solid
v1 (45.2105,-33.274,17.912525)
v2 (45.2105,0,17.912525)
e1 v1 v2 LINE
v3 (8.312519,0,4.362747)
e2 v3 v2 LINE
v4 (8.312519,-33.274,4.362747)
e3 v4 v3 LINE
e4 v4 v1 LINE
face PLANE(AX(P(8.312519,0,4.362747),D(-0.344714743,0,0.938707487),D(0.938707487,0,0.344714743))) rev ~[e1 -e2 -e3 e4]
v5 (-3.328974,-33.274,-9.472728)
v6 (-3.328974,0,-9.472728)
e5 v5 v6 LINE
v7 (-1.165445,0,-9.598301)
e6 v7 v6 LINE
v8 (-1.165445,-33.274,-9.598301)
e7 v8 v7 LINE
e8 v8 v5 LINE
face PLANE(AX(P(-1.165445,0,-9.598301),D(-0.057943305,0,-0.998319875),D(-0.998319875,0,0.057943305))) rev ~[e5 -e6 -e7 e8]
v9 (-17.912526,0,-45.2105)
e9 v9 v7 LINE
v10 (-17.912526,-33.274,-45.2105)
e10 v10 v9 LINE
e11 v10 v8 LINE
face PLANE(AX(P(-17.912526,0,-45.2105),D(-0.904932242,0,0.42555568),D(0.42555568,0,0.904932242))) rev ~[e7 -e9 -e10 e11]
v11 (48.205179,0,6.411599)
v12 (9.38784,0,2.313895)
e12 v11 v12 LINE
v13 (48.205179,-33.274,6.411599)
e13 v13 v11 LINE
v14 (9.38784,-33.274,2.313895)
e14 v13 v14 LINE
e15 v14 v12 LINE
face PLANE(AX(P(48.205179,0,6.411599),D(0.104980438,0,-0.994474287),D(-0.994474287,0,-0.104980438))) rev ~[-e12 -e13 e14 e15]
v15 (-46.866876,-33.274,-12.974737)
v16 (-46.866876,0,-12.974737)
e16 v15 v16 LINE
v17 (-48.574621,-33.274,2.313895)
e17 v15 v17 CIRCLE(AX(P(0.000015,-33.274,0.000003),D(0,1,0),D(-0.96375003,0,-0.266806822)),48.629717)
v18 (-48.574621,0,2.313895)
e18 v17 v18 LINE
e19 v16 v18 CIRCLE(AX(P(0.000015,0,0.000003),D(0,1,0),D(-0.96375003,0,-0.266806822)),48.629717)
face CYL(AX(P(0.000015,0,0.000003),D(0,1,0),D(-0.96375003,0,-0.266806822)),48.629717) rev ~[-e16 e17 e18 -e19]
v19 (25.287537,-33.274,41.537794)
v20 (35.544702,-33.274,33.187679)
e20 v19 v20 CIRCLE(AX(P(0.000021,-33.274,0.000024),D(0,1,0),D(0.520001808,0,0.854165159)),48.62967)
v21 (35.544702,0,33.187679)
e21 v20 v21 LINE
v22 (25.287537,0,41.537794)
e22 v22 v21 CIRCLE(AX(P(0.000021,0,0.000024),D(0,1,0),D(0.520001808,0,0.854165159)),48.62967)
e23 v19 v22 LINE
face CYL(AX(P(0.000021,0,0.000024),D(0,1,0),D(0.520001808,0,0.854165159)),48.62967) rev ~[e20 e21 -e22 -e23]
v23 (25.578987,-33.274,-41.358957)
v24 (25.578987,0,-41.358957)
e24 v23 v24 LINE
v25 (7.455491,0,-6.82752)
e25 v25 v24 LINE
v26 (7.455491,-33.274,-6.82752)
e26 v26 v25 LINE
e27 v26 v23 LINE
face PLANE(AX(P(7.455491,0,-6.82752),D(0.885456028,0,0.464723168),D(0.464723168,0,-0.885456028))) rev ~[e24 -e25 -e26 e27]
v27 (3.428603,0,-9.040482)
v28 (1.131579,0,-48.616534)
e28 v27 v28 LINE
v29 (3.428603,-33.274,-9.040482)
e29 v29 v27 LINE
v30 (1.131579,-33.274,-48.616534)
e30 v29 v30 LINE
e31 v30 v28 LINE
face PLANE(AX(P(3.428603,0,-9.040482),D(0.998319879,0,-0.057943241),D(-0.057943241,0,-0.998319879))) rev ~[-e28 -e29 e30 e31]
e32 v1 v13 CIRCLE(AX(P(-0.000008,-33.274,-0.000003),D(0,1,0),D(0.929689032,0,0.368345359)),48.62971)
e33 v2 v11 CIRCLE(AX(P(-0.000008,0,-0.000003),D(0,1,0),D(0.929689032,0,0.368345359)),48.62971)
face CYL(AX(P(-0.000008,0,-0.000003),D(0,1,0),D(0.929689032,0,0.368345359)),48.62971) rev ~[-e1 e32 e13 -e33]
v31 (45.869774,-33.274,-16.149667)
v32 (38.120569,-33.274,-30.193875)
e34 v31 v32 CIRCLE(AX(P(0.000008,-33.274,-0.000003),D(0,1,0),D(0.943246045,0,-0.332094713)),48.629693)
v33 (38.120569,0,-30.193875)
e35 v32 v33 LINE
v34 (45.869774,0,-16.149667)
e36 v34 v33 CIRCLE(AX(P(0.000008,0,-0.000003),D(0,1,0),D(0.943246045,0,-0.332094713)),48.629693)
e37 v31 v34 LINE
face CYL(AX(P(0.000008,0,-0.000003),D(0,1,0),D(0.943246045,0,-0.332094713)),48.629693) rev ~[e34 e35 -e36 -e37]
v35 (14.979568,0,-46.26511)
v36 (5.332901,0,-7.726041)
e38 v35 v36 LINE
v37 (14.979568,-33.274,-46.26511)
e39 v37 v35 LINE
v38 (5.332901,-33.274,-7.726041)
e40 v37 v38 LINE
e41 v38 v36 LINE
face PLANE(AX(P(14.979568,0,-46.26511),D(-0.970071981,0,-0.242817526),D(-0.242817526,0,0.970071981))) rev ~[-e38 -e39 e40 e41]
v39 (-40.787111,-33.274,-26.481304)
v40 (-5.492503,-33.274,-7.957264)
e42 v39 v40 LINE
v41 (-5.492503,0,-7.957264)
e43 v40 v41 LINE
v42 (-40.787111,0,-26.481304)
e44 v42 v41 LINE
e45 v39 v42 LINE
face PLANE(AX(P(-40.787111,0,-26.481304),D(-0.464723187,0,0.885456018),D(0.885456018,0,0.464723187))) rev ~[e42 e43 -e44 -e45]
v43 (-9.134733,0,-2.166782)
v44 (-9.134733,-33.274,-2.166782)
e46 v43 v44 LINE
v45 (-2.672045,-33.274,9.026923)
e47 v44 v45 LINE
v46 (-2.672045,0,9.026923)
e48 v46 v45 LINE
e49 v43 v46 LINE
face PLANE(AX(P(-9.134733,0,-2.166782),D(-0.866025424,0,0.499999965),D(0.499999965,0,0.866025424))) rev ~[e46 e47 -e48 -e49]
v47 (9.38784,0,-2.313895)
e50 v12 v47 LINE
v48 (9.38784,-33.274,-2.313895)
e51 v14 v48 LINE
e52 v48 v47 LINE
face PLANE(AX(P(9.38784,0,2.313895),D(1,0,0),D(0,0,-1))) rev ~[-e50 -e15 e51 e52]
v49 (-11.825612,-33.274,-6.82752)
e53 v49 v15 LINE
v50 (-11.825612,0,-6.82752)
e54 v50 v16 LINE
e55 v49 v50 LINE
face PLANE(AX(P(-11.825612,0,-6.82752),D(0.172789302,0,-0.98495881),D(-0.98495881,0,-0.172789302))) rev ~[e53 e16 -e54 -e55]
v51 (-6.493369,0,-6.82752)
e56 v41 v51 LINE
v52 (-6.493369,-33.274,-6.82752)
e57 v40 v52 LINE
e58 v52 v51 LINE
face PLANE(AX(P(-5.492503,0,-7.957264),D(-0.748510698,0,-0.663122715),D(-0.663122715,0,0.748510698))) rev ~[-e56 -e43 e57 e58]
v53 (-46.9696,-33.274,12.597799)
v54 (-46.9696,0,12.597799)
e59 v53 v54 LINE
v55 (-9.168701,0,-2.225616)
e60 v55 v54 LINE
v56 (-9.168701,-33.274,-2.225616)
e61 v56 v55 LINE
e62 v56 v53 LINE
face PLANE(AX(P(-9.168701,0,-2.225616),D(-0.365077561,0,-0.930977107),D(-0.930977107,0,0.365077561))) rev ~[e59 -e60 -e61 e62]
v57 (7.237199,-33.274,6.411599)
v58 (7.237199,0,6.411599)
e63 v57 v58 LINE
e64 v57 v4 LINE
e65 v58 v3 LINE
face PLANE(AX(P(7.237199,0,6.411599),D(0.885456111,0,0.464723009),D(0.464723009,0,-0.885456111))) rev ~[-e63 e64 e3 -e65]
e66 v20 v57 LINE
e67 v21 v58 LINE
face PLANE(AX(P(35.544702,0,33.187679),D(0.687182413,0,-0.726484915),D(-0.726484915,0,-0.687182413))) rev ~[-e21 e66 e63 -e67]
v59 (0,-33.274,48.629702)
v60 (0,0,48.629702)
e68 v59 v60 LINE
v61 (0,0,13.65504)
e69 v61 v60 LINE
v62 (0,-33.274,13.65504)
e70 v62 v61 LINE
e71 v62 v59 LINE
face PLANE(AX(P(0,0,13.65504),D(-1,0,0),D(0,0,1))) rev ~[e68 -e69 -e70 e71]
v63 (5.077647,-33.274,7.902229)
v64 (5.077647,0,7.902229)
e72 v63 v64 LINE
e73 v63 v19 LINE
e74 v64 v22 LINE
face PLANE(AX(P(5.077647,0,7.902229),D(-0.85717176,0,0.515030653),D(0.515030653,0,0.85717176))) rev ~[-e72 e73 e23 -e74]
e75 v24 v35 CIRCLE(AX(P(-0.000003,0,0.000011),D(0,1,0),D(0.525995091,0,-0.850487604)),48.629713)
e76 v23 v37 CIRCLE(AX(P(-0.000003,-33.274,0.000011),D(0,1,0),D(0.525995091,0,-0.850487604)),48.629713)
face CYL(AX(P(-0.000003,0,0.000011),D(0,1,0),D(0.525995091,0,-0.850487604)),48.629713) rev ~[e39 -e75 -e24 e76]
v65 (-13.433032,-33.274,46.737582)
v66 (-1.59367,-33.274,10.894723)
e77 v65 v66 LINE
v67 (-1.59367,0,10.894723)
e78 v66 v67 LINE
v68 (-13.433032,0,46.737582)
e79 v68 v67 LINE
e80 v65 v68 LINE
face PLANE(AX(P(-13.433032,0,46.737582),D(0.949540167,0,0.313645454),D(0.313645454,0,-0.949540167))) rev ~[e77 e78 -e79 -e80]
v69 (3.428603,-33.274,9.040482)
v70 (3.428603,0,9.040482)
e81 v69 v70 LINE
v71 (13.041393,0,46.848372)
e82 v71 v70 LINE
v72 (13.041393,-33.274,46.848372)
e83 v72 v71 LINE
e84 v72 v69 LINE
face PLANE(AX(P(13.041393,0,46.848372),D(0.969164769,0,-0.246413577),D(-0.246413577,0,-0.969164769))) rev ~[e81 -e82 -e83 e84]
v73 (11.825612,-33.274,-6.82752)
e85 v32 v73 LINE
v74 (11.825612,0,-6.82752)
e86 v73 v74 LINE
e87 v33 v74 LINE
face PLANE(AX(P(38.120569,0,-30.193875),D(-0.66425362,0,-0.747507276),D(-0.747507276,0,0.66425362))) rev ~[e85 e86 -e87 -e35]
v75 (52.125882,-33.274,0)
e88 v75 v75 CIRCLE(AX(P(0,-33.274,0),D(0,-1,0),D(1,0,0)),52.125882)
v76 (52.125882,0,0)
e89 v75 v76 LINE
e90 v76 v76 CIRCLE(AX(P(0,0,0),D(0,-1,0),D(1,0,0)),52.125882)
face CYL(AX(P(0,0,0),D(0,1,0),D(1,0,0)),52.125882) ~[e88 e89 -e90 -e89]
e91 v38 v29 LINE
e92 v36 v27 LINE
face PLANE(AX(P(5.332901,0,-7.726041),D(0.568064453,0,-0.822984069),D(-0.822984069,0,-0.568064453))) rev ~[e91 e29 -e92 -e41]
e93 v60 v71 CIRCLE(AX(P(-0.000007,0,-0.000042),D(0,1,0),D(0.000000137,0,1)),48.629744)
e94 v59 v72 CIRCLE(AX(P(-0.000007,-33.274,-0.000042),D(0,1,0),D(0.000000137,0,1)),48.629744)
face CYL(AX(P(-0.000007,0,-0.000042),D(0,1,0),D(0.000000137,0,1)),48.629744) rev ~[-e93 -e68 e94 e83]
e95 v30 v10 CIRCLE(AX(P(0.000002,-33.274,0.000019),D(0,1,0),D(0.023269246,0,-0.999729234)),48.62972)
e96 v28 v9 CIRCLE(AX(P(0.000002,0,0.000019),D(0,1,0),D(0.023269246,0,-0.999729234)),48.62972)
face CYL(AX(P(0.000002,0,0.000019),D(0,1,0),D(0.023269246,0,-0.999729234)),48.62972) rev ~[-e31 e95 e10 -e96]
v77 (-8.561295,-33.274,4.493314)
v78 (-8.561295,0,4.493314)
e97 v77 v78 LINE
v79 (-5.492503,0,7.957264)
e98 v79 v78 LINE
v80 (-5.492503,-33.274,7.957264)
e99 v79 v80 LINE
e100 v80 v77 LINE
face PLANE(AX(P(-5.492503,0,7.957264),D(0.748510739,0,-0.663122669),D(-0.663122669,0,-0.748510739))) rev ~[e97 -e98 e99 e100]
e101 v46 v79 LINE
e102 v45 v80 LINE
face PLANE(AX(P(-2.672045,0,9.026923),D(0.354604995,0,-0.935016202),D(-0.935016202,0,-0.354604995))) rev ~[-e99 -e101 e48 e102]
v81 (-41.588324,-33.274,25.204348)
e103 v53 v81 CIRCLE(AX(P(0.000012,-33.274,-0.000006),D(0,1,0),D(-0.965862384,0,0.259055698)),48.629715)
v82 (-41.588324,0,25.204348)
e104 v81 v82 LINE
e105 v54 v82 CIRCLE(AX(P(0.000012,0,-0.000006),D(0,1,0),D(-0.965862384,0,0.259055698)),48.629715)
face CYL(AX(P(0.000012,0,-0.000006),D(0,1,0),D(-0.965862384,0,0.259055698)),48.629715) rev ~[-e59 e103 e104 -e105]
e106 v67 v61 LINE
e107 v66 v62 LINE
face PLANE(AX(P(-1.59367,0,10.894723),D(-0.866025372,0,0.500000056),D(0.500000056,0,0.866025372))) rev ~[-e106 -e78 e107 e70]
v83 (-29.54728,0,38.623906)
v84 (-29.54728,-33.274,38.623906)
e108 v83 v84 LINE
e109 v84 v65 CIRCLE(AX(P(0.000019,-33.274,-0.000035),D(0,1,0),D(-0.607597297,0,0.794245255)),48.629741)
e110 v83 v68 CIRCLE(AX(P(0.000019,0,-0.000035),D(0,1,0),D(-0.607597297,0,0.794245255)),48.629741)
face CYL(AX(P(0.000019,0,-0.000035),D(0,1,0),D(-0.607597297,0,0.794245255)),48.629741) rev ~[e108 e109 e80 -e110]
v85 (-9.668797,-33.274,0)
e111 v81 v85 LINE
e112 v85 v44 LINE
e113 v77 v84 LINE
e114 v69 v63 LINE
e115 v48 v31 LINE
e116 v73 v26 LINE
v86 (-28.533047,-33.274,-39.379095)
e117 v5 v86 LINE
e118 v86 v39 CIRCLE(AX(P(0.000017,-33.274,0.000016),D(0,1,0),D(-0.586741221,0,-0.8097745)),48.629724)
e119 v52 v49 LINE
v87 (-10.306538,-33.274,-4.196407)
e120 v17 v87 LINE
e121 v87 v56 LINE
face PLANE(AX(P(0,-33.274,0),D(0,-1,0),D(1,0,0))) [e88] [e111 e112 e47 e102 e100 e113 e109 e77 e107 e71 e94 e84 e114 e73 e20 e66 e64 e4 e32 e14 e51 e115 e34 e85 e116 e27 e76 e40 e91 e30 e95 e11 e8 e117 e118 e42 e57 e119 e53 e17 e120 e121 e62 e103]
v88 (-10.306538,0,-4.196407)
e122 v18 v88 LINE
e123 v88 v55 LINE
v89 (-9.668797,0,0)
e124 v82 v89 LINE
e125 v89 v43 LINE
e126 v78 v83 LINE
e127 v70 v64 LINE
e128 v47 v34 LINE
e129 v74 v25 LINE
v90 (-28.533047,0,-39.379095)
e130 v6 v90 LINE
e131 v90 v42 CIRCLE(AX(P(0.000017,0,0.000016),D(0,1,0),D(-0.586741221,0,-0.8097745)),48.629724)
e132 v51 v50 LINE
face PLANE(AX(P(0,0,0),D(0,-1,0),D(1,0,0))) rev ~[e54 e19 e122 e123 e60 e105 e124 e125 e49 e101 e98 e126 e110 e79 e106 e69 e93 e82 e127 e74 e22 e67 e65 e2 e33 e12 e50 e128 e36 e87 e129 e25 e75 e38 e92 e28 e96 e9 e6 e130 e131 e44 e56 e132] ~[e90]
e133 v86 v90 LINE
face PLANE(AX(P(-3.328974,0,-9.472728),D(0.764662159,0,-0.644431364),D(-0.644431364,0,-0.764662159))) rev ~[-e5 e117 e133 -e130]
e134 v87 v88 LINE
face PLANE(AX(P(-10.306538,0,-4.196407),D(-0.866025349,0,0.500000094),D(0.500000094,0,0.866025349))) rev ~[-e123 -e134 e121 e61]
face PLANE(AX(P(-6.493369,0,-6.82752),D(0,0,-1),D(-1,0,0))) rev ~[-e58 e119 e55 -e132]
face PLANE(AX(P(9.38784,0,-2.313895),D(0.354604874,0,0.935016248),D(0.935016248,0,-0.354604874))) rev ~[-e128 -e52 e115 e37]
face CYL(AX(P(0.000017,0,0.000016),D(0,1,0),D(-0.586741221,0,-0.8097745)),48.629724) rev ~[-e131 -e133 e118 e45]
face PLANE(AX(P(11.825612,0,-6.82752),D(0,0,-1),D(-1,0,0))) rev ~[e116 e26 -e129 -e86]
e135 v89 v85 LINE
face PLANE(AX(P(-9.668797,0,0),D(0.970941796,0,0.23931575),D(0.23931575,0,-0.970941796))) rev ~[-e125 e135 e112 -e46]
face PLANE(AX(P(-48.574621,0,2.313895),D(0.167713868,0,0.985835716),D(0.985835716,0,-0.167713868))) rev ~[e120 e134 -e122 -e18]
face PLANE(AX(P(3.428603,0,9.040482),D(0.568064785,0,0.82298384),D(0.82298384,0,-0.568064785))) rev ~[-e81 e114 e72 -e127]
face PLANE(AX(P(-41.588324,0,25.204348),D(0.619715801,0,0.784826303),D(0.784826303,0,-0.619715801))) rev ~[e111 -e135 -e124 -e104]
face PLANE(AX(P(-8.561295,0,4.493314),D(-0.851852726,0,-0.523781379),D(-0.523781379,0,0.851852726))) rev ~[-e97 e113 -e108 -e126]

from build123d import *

# Parameters (mm, degrees)
F0_R     = 52.125882
F1_DEPTH = 25.4
F2_DEPTH = 33.274


with BuildPart() as f1:
    # F0 (on Front) → F1 (new body)
    with BuildSketch(Plane.XZ):
        Circle(F0_R)
        with BuildLine():
            ThreePointArc((-29.54728, 38.623906), (-21.869722, 43.434584), (-13.433032, 46.737582))
            Line((-13.433032, 46.737582), (-1.59367, 10.894723))
            Line((-1.59367, 10.894723), (0, 13.65504))
            Line((0, 13.65504), (0, 48.629702))
            ThreePointArc((0, 48.629702), (6.581244, 48.182311), (13.041393, 46.848372))
            Line((13.041393, 46.848372), (3.428603, 9.040482))
            Line((3.428603, 9.040482), (5.077647, 7.902229))
            Line((5.077647, 7.902229), (25.287537, 41.537794))
            ThreePointArc((25.287537, 41.537794), (30.701326, 37.713081), (35.544702, 33.187679))
            Line((35.544702, 33.187679), (7.237199, 6.411599))
            Line((7.237199, 6.411599), (8.312519, 4.362747))
            Line((8.312519, 4.362747), (45.2105, 17.912525))
            ThreePointArc((45.2105, 17.912525), (47.060494, 12.253888), (48.205179, 6.411599))
            Line((48.205179, 6.411599), (9.38784, 2.313895))
            Line((9.38784, 2.313895), (9.38784, -2.313895))
            Line((9.38784, -2.313895), (45.869774, -16.149667))
            ThreePointArc((45.869774, -16.149667), (42.578215, -23.493478), (38.120569, -30.193875))
            Line((38.120569, -30.193875), (11.825612, -6.82752))
            Line((11.825612, -6.82752), (7.455491, -6.82752))
            Line((7.455491, -6.82752), (25.578987, -41.358957))
            ThreePointArc((25.578987, -41.358957), (20.427107, -44.131408), (14.979568, -46.26511))
            Line((14.979568, -46.26511), (5.332901, -7.726041))
            Line((5.332901, -7.726041), (3.428603, -9.040482))
            Line((3.428603, -9.040482), (1.131579, -48.616534))
            ThreePointArc((1.131579, -48.616534), (-8.56156, -47.870111), (-17.912526, -45.2105))
            Line((-17.912526, -45.2105), (-1.165445, -9.598301))
            Line((-1.165445, -9.598301), (-3.328974, -9.472728))
            Line((-3.328974, -9.472728), (-28.533047, -39.379095))
            ThreePointArc((-28.533047, -39.379095), (-35.254919, -33.495351), (-40.787111, -26.481304))
            Line((-40.787111, -26.481304), (-5.492503, -7.957264))
            Line((-5.492503, -7.957264), (-6.493369, -6.82752))
            Line((-6.493369, -6.82752), (-11.825612, -6.82752))
            Line((-11.825612, -6.82752), (-46.866876, -12.974737))
            ThreePointArc((-46.866876, -12.974737), (-48.329136, -5.398378), (-48.574621, 2.313895))
            Line((-48.574621, 2.313895), (-10.306538, -4.196407))
            Line((-10.306538, -4.196407), (-9.168701, -2.225616))
            Line((-9.168701, -2.225616), (-46.9696, 12.597799))
            ThreePointArc((-46.9696, 12.597799), (-44.725359, 19.091624), (-41.588324, 25.204348))
            Line((-41.588324, 25.204348), (-9.668797, 0))
            Line((-9.668797, 0), (-8.561295, 4.493314))
            Line((-8.561295, 4.493314), (-29.54728, 38.623906))
        make_face(mode=Mode.SUBTRACT)
    extrude(amount=F1_DEPTH)

    # F0 (on Front) → F2 (join)
    with BuildSketch(Plane.XZ):
        Circle(F0_R)
        with BuildLine():
            ThreePointArc((-29.54728, 38.623906), (-21.869722, 43.434584), (-13.433032, 46.737582))
            Line((-13.433032, 46.737582), (-1.59367, 10.894723))
            Line((-1.59367, 10.894723), (0, 13.65504))
            Line((0, 13.65504), (0, 48.629702))
            ThreePointArc((0, 48.629702), (6.581244, 48.182311), (13.041393, 46.848372))
            Line((13.041393, 46.848372), (3.428603, 9.040482))
            Line((3.428603, 9.040482), (5.077647, 7.902229))
            Line((5.077647, 7.902229), (25.287537, 41.537794))
            ThreePointArc((25.287537, 41.537794), (30.701326, 37.713081), (35.544702, 33.187679))
            Line((35.544702, 33.187679), (7.237199, 6.411599))
            Line((7.237199, 6.411599), (8.312519, 4.362747))
            Line((8.312519, 4.362747), (45.2105, 17.912525))
            ThreePointArc((45.2105, 17.912525), (47.060494, 12.253888), (48.205179, 6.411599))
            Line((48.205179, 6.411599), (9.38784, 2.313895))
            Line((9.38784, 2.313895), (9.38784, -2.313895))
            Line((9.38784, -2.313895), (45.869774, -16.149667))
            ThreePointArc((45.869774, -16.149667), (42.578215, -23.493478), (38.120569, -30.193875))
            Line((38.120569, -30.193875), (11.825612, -6.82752))
            Line((11.825612, -6.82752), (7.455491, -6.82752))
            Line((7.455491, -6.82752), (25.578987, -41.358957))
            ThreePointArc((25.578987, -41.358957), (20.427107, -44.131408), (14.979568, -46.26511))
            Line((14.979568, -46.26511), (5.332901, -7.726041))
            Line((5.332901, -7.726041), (3.428603, -9.040482))
            Line((3.428603, -9.040482), (1.131579, -48.616534))
            ThreePointArc((1.131579, -48.616534), (-8.56156, -47.870111), (-17.912526, -45.2105))
            Line((-17.912526, -45.2105), (-1.165445, -9.598301))
            Line((-1.165445, -9.598301), (-3.328974, -9.472728))
            Line((-3.328974, -9.472728), (-28.533047, -39.379095))
            ThreePointArc((-28.533047, -39.379095), (-35.254919, -33.495351), (-40.787111, -26.481304))
            Line((-40.787111, -26.481304), (-5.492503, -7.957264))
            Line((-5.492503, -7.957264), (-6.493369, -6.82752))
            Line((-6.493369, -6.82752), (-11.825612, -6.82752))
            Line((-11.825612, -6.82752), (-46.866876, -12.974737))
            ThreePointArc((-46.866876, -12.974737), (-48.329136, -5.398378), (-48.574621, 2.313895))
            Line((-48.574621, 2.313895), (-10.306538, -4.196407))
            Line((-10.306538, -4.196407), (-9.168701, -2.225616))
            Line((-9.168701, -2.225616), (-46.9696, 12.597799))
            ThreePointArc((-46.9696, 12.597799), (-44.725359, 19.091624), (-41.588324, 25.204348))
            Line((-41.588324, 25.204348), (-9.668797, 0))
            Line((-9.668797, 0), (-8.561295, 4.493314))
            Line((-8.561295, 4.493314), (-29.54728, 38.623906))
        make_face(mode=Mode.SUBTRACT)
        Polygon((-5.492503, 7.957264), (-8.561295, 4.493314), (-9.668797, 0), (-9.134733, -2.166782), (-2.672045, 9.026923), align=None)
    extrude(amount=F2_DEPTH)


solid = f1.part
